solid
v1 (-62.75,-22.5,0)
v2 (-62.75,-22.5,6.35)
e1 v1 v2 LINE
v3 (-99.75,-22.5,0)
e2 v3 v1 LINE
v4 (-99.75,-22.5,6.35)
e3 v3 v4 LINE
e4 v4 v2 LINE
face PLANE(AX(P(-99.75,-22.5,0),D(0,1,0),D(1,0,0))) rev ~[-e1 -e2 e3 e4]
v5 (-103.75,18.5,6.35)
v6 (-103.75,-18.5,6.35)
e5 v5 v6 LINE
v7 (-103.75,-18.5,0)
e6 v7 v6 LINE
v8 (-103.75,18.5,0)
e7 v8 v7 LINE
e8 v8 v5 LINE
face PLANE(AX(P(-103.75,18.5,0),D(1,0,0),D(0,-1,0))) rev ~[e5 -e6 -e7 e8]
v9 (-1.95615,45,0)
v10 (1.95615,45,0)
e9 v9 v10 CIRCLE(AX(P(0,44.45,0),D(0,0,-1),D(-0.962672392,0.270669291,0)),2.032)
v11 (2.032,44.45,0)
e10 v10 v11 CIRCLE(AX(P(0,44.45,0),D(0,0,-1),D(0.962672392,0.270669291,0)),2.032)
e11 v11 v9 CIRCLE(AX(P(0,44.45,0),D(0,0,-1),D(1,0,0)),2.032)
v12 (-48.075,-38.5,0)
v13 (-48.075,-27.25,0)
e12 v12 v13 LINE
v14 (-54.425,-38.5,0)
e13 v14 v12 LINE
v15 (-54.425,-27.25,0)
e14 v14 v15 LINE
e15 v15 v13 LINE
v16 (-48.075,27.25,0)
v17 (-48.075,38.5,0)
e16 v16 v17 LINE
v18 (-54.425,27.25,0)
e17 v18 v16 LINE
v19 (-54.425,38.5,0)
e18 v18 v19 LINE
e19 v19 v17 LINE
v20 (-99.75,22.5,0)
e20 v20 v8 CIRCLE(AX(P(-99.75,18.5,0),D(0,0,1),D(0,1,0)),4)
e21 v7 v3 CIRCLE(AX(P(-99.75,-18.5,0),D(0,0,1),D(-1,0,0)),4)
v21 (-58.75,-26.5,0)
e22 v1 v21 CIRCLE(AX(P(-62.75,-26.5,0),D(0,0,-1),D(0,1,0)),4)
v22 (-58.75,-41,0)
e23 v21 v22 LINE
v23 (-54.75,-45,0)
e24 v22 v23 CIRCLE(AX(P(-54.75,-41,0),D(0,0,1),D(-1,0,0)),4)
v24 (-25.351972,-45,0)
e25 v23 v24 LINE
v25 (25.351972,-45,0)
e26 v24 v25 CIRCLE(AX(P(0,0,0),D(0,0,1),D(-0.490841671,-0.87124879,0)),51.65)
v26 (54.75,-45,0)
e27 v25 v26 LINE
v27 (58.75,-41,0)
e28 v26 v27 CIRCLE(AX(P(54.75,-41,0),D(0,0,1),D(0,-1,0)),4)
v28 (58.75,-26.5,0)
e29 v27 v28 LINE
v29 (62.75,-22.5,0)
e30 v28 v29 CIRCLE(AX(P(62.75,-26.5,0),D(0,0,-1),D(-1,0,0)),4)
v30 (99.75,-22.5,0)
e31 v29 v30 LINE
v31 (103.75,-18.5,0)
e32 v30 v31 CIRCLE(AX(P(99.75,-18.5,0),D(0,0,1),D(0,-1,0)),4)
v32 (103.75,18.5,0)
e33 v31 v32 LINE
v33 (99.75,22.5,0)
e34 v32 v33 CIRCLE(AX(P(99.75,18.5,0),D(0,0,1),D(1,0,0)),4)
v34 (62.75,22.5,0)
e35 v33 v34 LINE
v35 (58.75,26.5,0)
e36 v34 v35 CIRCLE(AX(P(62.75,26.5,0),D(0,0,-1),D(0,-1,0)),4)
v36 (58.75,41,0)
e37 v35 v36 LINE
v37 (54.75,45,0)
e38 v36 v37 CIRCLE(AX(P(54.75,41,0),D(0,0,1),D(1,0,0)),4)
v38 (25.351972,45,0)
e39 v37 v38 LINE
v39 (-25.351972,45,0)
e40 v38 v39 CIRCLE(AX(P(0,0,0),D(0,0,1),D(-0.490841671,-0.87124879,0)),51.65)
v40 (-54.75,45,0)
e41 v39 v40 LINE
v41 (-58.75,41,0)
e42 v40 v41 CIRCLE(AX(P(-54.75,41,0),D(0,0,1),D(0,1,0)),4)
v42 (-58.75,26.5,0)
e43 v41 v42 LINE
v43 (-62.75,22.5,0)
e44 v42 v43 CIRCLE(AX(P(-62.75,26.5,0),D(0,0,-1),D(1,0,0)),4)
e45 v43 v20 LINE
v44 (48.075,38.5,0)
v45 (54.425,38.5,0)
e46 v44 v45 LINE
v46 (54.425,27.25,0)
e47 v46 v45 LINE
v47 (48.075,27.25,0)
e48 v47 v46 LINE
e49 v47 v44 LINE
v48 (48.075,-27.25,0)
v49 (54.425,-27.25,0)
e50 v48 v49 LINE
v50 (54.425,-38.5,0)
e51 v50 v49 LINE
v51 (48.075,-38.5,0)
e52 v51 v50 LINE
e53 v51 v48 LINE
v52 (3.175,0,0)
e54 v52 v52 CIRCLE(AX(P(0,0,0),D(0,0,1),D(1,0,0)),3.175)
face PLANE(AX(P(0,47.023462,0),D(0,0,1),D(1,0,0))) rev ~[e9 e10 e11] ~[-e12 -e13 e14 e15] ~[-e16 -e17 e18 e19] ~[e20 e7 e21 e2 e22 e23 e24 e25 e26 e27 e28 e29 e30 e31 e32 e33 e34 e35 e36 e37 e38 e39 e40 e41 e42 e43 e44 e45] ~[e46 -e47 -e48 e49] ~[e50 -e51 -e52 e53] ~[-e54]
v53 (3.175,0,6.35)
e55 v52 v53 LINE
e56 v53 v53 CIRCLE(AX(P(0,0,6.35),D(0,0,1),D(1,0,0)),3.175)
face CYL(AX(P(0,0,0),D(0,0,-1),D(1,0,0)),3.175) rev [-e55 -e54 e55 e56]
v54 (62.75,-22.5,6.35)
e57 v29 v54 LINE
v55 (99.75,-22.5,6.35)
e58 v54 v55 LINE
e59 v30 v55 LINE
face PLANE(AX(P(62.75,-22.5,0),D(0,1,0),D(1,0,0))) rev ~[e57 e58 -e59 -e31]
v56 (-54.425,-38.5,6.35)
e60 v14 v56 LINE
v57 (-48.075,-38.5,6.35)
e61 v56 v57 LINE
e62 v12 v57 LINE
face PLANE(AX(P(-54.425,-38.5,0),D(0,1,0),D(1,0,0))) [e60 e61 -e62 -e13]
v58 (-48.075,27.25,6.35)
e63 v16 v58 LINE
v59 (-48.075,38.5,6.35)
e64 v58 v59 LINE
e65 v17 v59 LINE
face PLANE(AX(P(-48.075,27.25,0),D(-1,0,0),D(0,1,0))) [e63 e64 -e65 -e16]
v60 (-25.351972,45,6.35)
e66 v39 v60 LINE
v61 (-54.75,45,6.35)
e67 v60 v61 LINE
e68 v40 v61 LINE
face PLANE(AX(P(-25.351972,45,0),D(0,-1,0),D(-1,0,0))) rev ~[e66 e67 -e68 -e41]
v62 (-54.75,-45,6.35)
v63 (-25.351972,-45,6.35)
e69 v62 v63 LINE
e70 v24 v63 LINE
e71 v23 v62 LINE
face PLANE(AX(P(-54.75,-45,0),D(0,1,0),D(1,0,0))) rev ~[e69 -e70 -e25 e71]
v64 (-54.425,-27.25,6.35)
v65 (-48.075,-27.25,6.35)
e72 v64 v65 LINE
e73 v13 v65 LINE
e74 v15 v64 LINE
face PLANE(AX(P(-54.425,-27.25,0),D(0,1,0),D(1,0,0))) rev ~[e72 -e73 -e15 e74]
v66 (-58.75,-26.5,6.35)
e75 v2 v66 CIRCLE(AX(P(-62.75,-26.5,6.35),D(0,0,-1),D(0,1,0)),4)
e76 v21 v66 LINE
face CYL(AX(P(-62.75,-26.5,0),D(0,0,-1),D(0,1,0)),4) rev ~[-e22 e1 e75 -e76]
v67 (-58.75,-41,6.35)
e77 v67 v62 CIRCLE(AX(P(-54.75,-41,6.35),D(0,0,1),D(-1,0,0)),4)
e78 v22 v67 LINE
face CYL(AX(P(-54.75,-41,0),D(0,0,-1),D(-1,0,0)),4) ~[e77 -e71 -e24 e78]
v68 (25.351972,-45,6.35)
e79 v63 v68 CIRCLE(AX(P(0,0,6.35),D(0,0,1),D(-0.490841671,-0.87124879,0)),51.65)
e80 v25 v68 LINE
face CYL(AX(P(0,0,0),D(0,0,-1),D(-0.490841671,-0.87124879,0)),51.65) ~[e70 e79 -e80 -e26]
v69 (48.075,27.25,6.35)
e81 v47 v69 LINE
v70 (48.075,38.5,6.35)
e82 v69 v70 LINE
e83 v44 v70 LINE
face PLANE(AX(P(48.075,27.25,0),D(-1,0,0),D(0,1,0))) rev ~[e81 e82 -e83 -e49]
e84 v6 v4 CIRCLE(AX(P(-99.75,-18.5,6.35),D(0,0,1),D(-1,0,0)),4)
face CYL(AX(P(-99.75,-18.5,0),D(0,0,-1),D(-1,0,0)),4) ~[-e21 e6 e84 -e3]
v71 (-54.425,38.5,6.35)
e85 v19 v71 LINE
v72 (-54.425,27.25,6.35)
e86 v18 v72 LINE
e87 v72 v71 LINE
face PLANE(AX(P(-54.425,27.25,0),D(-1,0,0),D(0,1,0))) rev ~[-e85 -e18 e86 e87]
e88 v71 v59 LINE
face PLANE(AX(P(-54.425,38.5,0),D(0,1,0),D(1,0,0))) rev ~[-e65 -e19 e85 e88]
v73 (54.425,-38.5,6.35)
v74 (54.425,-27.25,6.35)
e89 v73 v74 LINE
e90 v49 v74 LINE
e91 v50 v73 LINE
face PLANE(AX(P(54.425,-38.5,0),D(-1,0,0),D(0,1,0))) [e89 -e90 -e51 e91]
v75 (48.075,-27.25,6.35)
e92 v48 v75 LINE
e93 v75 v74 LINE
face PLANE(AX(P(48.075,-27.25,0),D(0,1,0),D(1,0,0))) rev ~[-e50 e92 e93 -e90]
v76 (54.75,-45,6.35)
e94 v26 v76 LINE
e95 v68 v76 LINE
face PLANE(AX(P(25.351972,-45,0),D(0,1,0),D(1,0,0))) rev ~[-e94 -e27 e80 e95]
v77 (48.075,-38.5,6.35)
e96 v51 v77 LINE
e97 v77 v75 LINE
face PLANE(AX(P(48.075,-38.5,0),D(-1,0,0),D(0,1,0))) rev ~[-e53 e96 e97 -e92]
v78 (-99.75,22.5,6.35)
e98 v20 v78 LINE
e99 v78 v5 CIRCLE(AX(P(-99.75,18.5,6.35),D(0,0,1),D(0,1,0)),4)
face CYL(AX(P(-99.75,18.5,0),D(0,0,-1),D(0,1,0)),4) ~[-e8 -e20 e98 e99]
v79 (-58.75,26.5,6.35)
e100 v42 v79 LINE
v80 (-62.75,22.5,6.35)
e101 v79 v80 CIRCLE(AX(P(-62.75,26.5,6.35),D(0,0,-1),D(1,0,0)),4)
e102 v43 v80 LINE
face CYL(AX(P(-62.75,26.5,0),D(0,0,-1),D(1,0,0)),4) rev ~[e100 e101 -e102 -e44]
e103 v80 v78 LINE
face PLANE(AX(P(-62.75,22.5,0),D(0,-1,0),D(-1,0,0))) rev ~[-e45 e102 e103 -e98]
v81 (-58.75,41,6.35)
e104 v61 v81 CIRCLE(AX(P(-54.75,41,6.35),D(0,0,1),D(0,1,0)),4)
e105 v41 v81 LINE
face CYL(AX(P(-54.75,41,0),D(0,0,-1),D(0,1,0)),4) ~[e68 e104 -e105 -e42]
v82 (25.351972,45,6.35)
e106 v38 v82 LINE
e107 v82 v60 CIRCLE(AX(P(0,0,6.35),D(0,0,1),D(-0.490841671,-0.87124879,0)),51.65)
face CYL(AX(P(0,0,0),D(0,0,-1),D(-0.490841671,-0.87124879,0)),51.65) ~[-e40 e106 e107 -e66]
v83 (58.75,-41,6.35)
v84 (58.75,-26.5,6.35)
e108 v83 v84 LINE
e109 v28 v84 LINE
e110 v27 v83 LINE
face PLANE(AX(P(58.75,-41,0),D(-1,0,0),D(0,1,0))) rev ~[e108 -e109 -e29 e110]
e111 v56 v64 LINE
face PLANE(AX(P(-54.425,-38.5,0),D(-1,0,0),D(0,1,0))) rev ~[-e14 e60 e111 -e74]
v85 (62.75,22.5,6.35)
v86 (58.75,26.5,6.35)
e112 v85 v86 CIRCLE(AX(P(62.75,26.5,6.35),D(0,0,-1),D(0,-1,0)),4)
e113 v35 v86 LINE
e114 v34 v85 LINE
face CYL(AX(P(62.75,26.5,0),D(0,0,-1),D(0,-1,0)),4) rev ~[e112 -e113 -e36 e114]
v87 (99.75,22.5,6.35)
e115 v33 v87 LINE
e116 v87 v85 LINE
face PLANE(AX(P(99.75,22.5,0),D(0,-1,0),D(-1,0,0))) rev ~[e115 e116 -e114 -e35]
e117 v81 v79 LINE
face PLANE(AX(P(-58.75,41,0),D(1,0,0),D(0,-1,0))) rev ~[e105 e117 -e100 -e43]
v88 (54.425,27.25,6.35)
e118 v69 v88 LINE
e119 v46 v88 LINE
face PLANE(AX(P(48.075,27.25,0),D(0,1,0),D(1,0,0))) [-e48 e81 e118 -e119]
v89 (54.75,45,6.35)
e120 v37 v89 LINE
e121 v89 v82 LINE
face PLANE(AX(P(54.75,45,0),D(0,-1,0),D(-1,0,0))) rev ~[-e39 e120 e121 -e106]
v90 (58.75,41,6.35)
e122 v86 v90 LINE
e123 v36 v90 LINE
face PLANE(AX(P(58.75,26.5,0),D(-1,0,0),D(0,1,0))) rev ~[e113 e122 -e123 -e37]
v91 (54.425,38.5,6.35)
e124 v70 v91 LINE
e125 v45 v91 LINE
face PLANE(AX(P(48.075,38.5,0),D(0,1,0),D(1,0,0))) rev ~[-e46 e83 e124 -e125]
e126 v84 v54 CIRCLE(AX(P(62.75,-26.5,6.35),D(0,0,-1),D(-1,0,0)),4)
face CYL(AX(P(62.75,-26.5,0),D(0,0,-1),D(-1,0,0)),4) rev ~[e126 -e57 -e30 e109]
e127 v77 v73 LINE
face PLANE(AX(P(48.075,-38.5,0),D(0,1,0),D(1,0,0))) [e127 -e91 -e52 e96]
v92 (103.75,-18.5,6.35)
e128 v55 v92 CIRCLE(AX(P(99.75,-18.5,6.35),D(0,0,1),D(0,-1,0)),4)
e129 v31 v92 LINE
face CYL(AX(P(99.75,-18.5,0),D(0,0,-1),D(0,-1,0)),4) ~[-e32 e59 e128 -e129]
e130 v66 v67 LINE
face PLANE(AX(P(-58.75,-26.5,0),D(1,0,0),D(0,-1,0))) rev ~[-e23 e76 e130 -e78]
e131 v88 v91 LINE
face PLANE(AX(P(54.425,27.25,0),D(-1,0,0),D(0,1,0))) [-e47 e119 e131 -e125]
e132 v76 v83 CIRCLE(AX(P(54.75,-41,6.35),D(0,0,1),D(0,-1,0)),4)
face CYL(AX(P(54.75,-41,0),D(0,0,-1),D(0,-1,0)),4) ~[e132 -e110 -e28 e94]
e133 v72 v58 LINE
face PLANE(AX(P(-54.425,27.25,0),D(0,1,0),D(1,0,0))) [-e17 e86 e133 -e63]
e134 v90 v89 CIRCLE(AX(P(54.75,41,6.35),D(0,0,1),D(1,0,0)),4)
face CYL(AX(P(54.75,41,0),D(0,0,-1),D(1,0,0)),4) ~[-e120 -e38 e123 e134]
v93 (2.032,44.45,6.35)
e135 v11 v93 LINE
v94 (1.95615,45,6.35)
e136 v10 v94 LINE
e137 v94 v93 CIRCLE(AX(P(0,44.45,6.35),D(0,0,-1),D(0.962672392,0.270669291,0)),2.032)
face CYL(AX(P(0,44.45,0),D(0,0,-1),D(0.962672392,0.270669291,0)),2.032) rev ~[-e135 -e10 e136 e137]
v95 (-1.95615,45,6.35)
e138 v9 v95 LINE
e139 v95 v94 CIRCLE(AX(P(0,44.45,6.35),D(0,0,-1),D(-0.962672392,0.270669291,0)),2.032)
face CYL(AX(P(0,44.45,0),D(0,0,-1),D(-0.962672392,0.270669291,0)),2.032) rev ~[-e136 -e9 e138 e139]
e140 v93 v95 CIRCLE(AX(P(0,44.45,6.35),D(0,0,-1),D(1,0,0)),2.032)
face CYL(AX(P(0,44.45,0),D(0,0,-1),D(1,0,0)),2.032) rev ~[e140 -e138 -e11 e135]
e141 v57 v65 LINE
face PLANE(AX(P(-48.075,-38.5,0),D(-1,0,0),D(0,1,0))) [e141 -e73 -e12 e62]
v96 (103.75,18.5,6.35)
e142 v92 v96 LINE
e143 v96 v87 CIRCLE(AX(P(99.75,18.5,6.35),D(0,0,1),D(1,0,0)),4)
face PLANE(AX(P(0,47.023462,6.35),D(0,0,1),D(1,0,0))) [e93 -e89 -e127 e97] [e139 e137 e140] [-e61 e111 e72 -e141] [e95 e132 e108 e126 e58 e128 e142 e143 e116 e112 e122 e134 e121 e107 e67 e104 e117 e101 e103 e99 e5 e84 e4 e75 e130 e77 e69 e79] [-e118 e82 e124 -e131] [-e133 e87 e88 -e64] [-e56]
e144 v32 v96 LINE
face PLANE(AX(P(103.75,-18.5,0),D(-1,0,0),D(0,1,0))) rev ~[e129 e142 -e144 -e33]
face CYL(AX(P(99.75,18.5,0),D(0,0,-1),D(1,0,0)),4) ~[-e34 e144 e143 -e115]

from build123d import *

# Parameters (mm, degrees)
F0_R     = 3.175
F0_W     = 6.35
F0_H     = 11.25
F1_DEPTH = 6.35


with BuildPart() as f1:
    # F0 (on Top) → F1 (new body)
    with BuildSketch(Plane.XY):
        with BuildLine():
            Line((1.956150301, 45), (25.3519723099, 45))
            ThreePointArc((25.3519723099, 45), (0, 51.65), (-25.3519723099, 45))
            Line((-25.3519723099, 45), (-1.956150301, 45))
            ThreePointArc((-1.956150301, 45), (0, 46.482), (1.956150301, 45))
        make_face()
        with BuildLine():
            ThreePointArc((-25.3519723099, -45), (0, -51.65), (25.3519723099, -45))
            Line((25.3519723099, -45), (-25.3519723099, -45))
        make_face()
        with BuildLine():
            ThreePointArc((25.3519723099, -45), (44.5934517043, -26.060440616), (51.65, 0))
            ThreePointArc((51.65, 0), (44.5934517043, 26.060440616), (25.3519723099, 45))
            Line((25.3519723099, 45), (1.956150301, 45))
            ThreePointArc((1.956150301, 45), (2.0129482621, 44.7276027633), (2.032, 44.45))
            ThreePointArc((2.032, 44.45), (-0.2776027633, 42.4370517379), (-1.956150301, 45))
            Line((-1.956150301, 45), (-25.3519723099, 45))
            ThreePointArc((-25.3519723099, 45), (-51.65, 0), (-25.3519723099, -45))
            Line((-25.3519723099, -45), (25.3519723099, -45))
        make_face()
        Circle(F0_R, mode=Mode.SUBTRACT)
        with BuildLine():
            ThreePointArc((-25.3519723099, -45), (-51.65, 0), (-25.3519723099, 45))
            Line((-25.3519723099, 45), (-54.75, 45))
            ThreePointArc((-54.75, 45), (-57.5784271247, 43.8284271247), (-58.75, 41))
            Line((-58.75, 41), (-58.75, 26.5))
            ThreePointArc((-58.75, 26.5), (-59.9215728753, 23.6715728753), (-62.75, 22.5))
            Line((-62.75, 22.5), (-99.75, 22.5))
            ThreePointArc((-99.75, 22.5), (-102.5784271247, 21.3284271247), (-103.75, 18.5))
            Line((-103.75, 18.5), (-103.75, -18.5))
            ThreePointArc((-103.75, -18.5), (-102.5784271247, -21.3284271247), (-99.75, -22.5))
            Line((-99.75, -22.5), (-62.75, -22.5))
            ThreePointArc((-62.75, -22.5), (-59.9215728753, -23.6715728753), (-58.75, -26.5))
            Line((-58.75, -26.5), (-58.75, -41))
            ThreePointArc((-58.75, -41), (-57.5784271247, -43.8284271247), (-54.75, -45))
            Line((-54.75, -45), (-25.3519723099, -45))
        make_face()
        with Locations((-51.25, -32.875)):
            Rectangle(F0_W, F0_H, mode=Mode.SUBTRACT)
        with Locations((-51.25, 32.875)):
            Rectangle(F0_W, F0_H, mode=Mode.SUBTRACT)
        with BuildLine():
            ThreePointArc((25.3519723099, 45), (44.5934517043, 26.060440616), (51.65, 0))
            ThreePointArc((51.65, 0), (44.5934517043, -26.060440616), (25.3519723099, -45))
            Line((25.3519723099, -45), (54.75, -45))
            ThreePointArc((54.75, -45), (57.5784271247, -43.8284271247), (58.75, -41))
            Line((58.75, -41), (58.75, -26.5))
            ThreePointArc((58.75, -26.5), (59.9215728753, -23.6715728753), (62.75, -22.5))
            Line((62.75, -22.5), (99.75, -22.5))
            ThreePointArc((99.75, -22.5), (102.5784271247, -21.3284271247), (103.75, -18.5))
            Line((103.75, -18.5), (103.75, 18.5))
            ThreePointArc((103.75, 18.5), (102.5784271247, 21.3284271247), (99.75, 22.5))
            Line((99.75, 22.5), (62.75, 22.5))
            ThreePointArc((62.75, 22.5), (59.9215728753, 23.6715728753), (58.75, 26.5))
            Line((58.75, 26.5), (58.75, 41))
            ThreePointArc((58.75, 41), (57.5784271247, 43.8284271247), (54.75, 45))
            Line((54.75, 45), (25.3519723099, 45))
        make_face()
        with Locations((51.25, -32.875)):
            Rectangle(F0_W, F0_H, mode=Mode.SUBTRACT)
        with Locations((51.25, 32.875)):
            Rectangle(F0_W, F0_H, mode=Mode.SUBTRACT)
    extrude(amount=F1_DEPTH)


solid = f1.part
